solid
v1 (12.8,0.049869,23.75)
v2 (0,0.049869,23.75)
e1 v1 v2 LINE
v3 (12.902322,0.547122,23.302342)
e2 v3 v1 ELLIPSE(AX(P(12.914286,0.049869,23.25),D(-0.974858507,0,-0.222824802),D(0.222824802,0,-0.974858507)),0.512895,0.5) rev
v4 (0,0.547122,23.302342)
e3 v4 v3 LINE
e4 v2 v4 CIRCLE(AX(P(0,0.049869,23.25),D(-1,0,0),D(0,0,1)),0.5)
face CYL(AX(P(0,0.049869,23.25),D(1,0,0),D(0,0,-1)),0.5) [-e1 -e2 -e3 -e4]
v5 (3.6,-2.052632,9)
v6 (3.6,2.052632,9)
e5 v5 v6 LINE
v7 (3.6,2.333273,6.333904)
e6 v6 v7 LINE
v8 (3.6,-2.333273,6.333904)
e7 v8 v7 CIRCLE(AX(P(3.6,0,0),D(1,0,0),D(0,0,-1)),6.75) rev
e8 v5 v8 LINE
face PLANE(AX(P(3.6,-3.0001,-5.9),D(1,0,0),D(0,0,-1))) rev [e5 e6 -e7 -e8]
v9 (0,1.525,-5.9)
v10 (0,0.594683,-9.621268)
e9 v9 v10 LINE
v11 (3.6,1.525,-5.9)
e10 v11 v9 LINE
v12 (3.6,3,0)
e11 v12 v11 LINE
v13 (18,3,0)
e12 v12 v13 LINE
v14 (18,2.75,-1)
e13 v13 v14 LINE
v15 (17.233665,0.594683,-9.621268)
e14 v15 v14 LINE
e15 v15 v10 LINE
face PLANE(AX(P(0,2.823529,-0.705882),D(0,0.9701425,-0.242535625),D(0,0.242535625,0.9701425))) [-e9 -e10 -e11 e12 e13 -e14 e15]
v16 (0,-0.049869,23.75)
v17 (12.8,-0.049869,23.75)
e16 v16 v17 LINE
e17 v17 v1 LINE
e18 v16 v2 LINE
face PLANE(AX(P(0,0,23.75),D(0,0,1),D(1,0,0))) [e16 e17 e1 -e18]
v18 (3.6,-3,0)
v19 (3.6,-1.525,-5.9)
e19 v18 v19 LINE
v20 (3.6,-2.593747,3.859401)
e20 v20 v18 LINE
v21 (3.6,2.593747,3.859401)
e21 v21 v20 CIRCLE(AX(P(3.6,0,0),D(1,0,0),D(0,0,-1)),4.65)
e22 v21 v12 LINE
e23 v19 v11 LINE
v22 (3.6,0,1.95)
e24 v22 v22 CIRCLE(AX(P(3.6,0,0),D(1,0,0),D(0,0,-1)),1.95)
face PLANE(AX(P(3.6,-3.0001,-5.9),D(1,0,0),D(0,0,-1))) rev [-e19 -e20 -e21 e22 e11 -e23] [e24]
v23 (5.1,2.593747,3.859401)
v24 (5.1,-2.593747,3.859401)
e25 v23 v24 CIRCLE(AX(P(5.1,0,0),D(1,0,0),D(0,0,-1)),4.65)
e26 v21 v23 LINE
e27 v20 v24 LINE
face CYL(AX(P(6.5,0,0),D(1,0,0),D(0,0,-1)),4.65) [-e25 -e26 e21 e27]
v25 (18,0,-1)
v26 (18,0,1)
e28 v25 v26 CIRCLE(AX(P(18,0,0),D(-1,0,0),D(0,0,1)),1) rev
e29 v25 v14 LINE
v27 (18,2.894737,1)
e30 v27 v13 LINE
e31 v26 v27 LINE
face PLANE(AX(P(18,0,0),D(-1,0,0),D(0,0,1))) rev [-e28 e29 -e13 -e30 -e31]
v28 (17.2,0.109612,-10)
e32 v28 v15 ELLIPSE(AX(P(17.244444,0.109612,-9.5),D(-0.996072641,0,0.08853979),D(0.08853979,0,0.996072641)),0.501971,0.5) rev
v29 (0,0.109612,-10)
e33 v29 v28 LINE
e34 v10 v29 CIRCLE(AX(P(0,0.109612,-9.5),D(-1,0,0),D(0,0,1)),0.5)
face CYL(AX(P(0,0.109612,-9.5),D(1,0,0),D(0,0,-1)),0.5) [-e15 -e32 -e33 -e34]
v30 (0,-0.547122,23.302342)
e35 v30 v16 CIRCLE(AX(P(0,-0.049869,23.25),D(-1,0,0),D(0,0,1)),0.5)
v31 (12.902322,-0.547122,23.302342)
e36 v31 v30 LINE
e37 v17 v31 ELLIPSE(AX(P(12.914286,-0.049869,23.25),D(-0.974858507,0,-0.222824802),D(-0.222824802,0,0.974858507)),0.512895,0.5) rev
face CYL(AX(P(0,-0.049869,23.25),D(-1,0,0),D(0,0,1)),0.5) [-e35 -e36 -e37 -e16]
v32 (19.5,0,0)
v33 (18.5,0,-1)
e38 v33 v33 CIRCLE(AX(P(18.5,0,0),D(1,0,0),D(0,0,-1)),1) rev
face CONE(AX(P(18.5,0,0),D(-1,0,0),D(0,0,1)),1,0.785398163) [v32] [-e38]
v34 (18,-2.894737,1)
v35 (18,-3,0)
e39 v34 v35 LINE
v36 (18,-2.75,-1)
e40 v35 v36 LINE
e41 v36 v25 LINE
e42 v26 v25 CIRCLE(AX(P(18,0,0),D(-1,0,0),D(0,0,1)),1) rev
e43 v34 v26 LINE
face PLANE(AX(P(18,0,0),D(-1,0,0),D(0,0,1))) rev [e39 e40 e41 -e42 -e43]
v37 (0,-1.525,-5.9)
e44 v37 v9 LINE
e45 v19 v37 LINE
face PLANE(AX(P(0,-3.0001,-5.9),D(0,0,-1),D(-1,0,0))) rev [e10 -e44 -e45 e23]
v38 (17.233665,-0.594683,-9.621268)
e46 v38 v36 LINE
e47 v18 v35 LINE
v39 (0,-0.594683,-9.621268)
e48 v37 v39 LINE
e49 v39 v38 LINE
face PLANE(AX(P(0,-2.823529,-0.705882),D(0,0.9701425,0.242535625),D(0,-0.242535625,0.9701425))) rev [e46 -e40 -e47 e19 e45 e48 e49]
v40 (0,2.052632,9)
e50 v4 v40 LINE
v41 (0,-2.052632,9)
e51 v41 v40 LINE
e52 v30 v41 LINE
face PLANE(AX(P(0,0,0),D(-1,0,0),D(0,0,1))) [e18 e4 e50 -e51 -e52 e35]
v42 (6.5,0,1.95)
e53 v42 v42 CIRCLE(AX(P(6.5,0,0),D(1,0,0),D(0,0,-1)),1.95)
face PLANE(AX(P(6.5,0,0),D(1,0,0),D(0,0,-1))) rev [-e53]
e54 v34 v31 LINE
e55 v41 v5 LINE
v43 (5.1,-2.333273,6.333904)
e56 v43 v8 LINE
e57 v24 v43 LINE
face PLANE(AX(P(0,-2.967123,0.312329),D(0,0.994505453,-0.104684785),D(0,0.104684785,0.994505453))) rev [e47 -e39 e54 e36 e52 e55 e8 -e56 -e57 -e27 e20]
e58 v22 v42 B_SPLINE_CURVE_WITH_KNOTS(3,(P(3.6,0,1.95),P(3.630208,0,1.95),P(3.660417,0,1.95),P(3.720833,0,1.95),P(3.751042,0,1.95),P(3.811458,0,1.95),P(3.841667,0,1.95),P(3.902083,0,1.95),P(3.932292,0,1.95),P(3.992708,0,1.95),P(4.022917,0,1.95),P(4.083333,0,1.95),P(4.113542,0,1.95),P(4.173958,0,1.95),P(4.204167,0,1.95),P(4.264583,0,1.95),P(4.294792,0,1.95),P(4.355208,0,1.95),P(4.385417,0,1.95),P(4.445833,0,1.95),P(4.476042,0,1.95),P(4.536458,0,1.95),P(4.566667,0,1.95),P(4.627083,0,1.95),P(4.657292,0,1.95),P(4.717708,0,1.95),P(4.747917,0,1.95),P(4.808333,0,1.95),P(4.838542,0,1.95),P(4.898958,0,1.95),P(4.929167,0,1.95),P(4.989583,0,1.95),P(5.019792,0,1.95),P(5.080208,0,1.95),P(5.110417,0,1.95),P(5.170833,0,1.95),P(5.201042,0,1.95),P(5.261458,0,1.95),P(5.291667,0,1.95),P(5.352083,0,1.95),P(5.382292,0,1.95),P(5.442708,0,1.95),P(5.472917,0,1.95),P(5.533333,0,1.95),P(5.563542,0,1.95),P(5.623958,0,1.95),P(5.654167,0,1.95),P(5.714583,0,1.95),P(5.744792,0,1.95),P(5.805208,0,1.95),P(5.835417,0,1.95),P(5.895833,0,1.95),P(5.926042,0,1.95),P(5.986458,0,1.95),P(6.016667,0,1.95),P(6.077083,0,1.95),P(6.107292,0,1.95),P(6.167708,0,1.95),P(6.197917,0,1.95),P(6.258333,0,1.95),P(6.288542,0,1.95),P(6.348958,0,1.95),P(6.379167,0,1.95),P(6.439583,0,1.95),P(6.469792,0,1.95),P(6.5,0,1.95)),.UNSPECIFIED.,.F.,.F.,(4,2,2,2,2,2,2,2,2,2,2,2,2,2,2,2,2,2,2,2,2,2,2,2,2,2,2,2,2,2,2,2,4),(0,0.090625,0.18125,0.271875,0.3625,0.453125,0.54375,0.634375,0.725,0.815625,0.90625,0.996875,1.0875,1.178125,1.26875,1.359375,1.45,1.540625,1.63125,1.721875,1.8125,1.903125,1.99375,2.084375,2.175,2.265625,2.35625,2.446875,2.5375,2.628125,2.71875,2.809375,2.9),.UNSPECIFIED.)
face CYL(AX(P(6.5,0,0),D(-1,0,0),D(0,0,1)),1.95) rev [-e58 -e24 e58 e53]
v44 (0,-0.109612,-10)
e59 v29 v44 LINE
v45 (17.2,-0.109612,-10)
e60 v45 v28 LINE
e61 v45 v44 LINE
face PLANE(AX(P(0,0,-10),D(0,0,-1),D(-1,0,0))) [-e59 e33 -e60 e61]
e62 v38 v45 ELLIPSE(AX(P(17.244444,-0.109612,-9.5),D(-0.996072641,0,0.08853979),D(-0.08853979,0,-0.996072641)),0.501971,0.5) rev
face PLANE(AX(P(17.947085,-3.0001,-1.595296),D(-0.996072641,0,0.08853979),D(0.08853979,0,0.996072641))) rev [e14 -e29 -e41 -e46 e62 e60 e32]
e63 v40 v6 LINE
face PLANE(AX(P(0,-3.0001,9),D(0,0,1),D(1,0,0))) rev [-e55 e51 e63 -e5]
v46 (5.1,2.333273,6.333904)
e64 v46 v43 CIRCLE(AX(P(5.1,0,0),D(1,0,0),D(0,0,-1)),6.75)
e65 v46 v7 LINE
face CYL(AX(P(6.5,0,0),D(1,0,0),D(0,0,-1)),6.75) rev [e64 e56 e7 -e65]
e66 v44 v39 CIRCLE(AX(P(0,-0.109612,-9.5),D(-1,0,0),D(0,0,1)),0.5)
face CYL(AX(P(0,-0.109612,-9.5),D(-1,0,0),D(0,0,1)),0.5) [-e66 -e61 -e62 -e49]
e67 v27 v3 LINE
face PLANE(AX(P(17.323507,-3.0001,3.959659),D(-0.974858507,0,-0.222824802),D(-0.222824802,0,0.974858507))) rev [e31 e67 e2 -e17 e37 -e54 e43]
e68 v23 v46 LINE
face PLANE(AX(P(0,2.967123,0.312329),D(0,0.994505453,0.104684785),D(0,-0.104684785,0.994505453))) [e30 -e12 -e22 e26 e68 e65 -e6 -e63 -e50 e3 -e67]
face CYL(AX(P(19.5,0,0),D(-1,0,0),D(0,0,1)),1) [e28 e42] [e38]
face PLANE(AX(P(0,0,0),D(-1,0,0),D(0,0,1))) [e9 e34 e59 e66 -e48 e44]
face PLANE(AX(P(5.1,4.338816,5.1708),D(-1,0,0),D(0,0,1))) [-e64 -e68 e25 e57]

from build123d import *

# Parameters (mm, degrees)
SKETCH_1_3_R                  = 1.95
CUT_EXTRUDE_1_DEPTH           = 6.5
CUT_EXTRUDE_2_DEPTH           = 30.951001802
CUT_EXTRUDE_2_DEPTH_BACK      = 30.951001802
SKETCH_4_W                    = 3.6
SKETCH_4_H                    = 14.9
SKETCH_5_W                    = 1.5
SKETCH_5_H                    = 2.1
CUT_REVOLVE_1_ANGLE           = 40
CUT_REVOLVE_1_OTHER_WAY_ANGLE = 40
SKETCH_3_3_R                  = 1
EXTRUDE_1_DEPTH               = 1.5
CHAMFER_1_SIZE                = 1
CUT_EXTRUDE_3_DEPTH           = 31.875759187
CUT_EXTRUDE_3_DEPTH_BACK      = 31.875759187
FILLET_1_R                    = 0.5


with BuildPart() as part:
    # Эскиз1 → По сечениям1 section 0
    with BuildSketch(Plane(origin=(0, 0, 0), x_dir=(0, 0, -1), z_dir=(1, 0, 0))):
        with BuildLine():
            Line((-23.75, -0.5), (-23.75, 0.5))
            Line((-23.75, 0.5), (0, 3))
            Line((0, 3), (10, 0.5))
            Line((10, 0.5), (10, -0.5))
            Line((10, -0.5), (0, -3))
            Line((0, -3), (-23.75, -0.5))
        make_face()
    # Эскиз3 → По сечениям1 section 1
    with BuildSketch(Plane(origin=(18, 0, 0), x_dir=(0, 0, -1), z_dir=(1, 0, 0))):
        with BuildLine():
            Line((0, 3), (10, 0.5))
            Line((10, 0.5), (10, -0.5))
            Line((10, -0.5), (0, -3))
            Line((0, -3), (-23.75, -0.5))
            Line((-23.75, -0.5), (-23.75, 0.5))
            Line((-23.75, 0.5), (0, 3))
        make_face()
    loft()

    # Эскиз1<3> → Вырез-Вытянуть1 (cut)
    with BuildSketch(Plane(origin=(0, 0, 0), x_dir=(0, 0, -1), z_dir=(1, 0, 0))):
        with Locations(Location((0, 0, 0), (0, 0, 180))):
            Circle(SKETCH_1_3_R)
    extrude(amount=CUT_EXTRUDE_1_DEPTH, mode=Mode.SUBTRACT)

    # Эскиз4 → Вырез-Вытянуть2 (cut, two sides: drawn at the far end of the back side and taken through both)
    with BuildSketch(Plane(origin=(0, 0, 0), x_dir=(1, 0, 0), z_dir=(0, 1, 0)).offset(-CUT_EXTRUDE_2_DEPTH_BACK)):
        with Locations((1.8, -1.55)):
            Rectangle(SKETCH_4_W, SKETCH_4_H)
    extrude(amount=CUT_EXTRUDE_2_DEPTH + CUT_EXTRUDE_2_DEPTH_BACK, mode=Mode.SUBTRACT)

    # Эскиз5 → Вырез-Повернуть1 (revolve, cut)
    with BuildSketch(Plane(origin=(0, 0, 0), x_dir=(1, 0, 0), z_dir=(0, 1, 0))):
        with Locations((4.35, -5.7)):
            Rectangle(SKETCH_5_W, SKETCH_5_H)
    revolve(axis=Axis((6.5, 0, 0), (-1, 0, 0)), revolution_arc=CUT_REVOLVE_1_ANGLE, mode=Mode.SUBTRACT)

    # Эскиз5 → Вырез-Повернуть1 other way (revolve, cut)
    with BuildSketch(Plane(origin=(0, 0, 0), x_dir=(1, 0, 0), z_dir=(0, 1, 0))):
        with Locations((4.35, -5.7)):
            Rectangle(SKETCH_5_W, SKETCH_5_H)
    revolve(axis=Axis((6.5, 0, 0), (1, 0, 0)), revolution_arc=CUT_REVOLVE_1_OTHER_WAY_ANGLE, mode=Mode.SUBTRACT)

    # Эскиз3<3> → Бобышка-Вытянуть1 (add)
    with BuildSketch(Plane(origin=(18, 0, 0), x_dir=(0, 0, -1), z_dir=(1, 0, 0))):
        with Locations(Location((0, 0, 0), (0, 0, 180))):
            Circle(SKETCH_3_3_R)
    extrude(amount=EXTRUDE_1_DEPTH)

    # Фаска1
    chamfer_1_edges = [part.edges().sort_by_distance(p)[0] for p in [
        (19.5, 0, -1),
    ]]
    chamfer(chamfer_1_edges, length=CHAMFER_1_SIZE)

    # Эскиз6 → Вырез-Вытянуть3 (cut, two sides: drawn at the far end of the back side and taken through both)
    with BuildSketch(Plane(origin=(0, 0, 0), x_dir=(1, 0, 0), z_dir=(0, 1, 0)).offset(-CUT_EXTRUDE_3_DEPTH_BACK)):
        Polygon((18, 10), (17.2, 10), (18, 1), align=None)
        Polygon((12.8, -23.75), (18, -23.75), (18, -1), align=None)
    extrude(amount=CUT_EXTRUDE_3_DEPTH + CUT_EXTRUDE_3_DEPTH_BACK, mode=Mode.SUBTRACT)

    # Скругление1
    fillet_1_edges = [part.edges().sort_by_distance(p)[0] for p in [
        (6.4, 0.5, 23.75),
        (6.4, -0.5, 23.75),
        (8.6, 0.5, -10),
        (8.6, -0.5, -10),
    ]]
    fillet(fillet_1_edges, radius=FILLET_1_R)


solid = part.part
